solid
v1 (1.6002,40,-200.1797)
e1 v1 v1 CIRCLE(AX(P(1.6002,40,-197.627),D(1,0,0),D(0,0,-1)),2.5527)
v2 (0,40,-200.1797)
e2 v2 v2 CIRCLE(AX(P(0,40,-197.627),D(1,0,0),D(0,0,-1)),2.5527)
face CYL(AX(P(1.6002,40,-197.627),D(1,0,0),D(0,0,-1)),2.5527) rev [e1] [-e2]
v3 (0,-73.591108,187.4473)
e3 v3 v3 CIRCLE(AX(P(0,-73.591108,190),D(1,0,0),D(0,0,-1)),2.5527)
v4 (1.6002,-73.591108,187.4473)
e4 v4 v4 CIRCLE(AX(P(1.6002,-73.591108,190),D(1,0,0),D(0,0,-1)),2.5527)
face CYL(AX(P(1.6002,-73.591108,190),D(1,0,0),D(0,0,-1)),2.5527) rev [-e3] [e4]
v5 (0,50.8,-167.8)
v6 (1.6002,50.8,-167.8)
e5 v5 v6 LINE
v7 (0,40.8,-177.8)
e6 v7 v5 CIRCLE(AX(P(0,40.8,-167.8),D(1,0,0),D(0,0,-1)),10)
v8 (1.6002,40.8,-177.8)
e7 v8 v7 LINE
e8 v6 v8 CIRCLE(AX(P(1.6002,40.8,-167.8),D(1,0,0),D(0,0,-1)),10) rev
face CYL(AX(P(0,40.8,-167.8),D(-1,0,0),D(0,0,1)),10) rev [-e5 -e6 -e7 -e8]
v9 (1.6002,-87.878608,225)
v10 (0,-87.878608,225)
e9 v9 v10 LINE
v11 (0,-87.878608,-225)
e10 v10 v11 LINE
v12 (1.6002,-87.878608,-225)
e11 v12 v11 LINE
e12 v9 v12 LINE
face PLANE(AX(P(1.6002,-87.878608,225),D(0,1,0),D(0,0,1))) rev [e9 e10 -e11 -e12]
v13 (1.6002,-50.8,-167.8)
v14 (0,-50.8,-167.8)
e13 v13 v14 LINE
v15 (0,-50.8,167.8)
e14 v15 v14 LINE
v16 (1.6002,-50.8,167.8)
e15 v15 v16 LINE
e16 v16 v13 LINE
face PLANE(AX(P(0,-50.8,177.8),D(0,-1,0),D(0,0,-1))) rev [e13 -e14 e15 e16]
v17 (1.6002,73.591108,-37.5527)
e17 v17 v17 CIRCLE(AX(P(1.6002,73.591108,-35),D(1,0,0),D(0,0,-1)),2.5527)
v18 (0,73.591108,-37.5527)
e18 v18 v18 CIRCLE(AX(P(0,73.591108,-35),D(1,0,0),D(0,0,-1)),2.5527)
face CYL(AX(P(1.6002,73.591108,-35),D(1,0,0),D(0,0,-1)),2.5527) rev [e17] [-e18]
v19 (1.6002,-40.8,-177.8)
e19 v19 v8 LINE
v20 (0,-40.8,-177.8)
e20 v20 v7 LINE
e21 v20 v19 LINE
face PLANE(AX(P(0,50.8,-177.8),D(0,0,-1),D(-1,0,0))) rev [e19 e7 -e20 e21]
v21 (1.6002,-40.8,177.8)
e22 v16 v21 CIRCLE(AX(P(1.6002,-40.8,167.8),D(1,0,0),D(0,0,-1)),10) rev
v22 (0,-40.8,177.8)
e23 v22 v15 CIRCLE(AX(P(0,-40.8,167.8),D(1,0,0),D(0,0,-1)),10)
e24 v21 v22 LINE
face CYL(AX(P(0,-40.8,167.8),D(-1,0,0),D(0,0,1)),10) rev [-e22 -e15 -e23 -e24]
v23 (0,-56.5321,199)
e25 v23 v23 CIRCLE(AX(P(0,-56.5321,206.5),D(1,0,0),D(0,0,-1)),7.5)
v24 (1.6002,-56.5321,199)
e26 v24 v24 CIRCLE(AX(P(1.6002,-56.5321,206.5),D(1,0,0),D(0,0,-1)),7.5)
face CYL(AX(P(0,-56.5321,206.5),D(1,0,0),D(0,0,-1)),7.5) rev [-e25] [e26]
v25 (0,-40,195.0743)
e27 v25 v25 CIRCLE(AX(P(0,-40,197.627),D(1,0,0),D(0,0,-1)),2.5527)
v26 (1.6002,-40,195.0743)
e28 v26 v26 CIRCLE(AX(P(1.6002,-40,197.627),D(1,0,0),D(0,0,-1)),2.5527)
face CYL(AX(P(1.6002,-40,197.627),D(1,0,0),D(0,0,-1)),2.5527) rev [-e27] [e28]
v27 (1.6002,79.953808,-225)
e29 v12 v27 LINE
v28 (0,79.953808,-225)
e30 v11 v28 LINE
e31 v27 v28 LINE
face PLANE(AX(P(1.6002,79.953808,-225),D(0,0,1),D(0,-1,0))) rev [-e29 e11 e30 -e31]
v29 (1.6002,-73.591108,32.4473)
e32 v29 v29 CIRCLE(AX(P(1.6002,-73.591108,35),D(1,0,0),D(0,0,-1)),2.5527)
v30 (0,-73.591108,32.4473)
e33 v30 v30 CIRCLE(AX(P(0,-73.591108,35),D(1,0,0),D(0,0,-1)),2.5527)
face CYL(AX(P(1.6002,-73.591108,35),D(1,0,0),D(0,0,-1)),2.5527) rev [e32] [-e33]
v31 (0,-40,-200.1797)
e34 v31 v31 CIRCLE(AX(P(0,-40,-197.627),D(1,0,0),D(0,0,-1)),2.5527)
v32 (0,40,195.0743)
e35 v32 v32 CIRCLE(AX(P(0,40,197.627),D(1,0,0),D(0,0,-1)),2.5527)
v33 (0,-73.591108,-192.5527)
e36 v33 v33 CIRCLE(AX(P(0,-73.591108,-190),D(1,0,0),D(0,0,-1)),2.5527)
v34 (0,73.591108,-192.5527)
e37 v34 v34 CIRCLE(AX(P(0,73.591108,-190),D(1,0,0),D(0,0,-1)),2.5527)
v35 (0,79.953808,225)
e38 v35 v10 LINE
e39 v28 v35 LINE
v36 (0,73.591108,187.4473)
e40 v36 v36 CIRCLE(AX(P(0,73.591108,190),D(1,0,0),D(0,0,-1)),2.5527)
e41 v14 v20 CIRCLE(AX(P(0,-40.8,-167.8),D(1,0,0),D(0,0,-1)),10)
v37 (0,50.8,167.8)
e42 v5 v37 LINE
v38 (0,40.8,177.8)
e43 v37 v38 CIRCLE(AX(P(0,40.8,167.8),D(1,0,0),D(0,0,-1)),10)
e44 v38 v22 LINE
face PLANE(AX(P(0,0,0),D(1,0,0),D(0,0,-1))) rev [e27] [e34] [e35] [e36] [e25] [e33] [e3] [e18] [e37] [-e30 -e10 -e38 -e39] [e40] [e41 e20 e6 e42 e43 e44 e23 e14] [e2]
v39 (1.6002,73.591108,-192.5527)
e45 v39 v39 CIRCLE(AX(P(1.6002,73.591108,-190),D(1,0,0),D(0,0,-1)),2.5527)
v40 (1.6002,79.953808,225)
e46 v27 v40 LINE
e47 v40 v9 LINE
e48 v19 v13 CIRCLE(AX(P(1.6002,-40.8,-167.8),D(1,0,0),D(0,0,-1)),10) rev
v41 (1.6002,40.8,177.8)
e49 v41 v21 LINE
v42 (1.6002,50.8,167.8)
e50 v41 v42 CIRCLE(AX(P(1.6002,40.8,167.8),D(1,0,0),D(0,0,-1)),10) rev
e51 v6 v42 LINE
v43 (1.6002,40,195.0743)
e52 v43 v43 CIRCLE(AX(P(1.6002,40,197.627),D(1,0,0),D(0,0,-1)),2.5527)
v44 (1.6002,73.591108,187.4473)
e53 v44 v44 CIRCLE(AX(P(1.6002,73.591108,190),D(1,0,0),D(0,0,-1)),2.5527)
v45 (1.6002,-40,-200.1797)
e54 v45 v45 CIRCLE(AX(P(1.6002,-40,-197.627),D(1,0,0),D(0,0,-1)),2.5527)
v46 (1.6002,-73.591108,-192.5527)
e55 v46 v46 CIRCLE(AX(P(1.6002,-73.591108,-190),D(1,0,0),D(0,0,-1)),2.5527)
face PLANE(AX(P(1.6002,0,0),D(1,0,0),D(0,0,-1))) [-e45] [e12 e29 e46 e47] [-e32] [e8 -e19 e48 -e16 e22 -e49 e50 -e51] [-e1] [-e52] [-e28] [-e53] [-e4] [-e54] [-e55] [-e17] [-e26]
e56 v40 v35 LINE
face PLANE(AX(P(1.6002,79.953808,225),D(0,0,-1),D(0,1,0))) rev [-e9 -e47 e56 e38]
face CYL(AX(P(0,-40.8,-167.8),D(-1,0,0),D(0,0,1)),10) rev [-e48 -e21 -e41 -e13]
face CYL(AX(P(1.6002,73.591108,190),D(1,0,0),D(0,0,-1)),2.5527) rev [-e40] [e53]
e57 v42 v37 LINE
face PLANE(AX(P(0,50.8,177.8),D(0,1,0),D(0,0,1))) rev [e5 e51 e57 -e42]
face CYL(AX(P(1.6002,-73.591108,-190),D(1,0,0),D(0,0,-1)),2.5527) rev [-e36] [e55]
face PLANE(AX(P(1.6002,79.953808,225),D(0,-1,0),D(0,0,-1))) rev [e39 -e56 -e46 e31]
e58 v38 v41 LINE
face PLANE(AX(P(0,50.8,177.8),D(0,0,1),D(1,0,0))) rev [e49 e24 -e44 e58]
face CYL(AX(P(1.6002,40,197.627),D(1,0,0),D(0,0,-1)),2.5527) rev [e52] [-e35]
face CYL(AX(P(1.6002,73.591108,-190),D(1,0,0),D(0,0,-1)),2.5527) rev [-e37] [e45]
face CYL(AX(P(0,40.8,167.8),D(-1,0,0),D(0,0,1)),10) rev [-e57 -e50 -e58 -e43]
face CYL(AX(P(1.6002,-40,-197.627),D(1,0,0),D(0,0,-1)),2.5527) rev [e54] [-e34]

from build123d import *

# Parameters (mm, degrees)
SKETCH1_W                  = 450
SKETCH1_H                  = 167.8324167
BOSS_EXTRUDE1_DEPTH        = 1.6002
F_10_CLEARANCE_HOLE1_D     = 5.1054
F_10_CLEARANCE_HOLE1_DEPTH = 129.53
F_10_CLEARANCE_HOLE1_TIP   = 1.533816902
SKETCH4_R                  = 7.5
CUT_EXTRUDE1_DEPTH         = 2.6002
SKETCH5_W                  = 355.6
SKETCH5_H                  = 101.6
CUT_EXTRUDE2_DEPTH         = 2.6002
FILLET1_R                  = 10
F_10_CLEARANCE_HOLE2_D     = 5.1054
MIRROR2_COPY_1_D           = 5.1054


with BuildPart() as part:
    # Sketch1 → Boss-Extrude1 (new body)
    with BuildSketch(Plane(origin=(0, 0, 0), x_dir=(0, 0, -1), z_dir=(1, 0, 0))):
        with Locations((0, -3.9624)):
            Rectangle(SKETCH1_W, SKETCH1_H)
    extrude(amount=BOSS_EXTRUDE1_DEPTH)

    # #10 Clearance Hole1
    with Locations(Plane(origin=(1.6002, 0, 0), x_dir=(0, 0, -1), z_dir=(1, 0, 0))):
        with Locations((-190, 73.59110835), (35, 73.59110835), (-35, -73.59110835), (-190, -73.59110835), (190, 73.59110835), (190, -73.59110835)):
            Hole(F_10_CLEARANCE_HOLE1_D / 2, depth=F_10_CLEARANCE_HOLE1_DEPTH)
            with Locations((0, 0, -(F_10_CLEARANCE_HOLE1_DEPTH + F_10_CLEARANCE_HOLE1_TIP / 2))):  # 118° drill point
                Cone(0, F_10_CLEARANCE_HOLE1_D / 2, F_10_CLEARANCE_HOLE1_TIP, mode=Mode.SUBTRACT)

    # Sketch4 → Cut-Extrude1 (cut, through all)
    with BuildSketch(Plane(origin=(1.6002, 0, 0), x_dir=(0, 0, -1), z_dir=(1, 0, 0))):
        with Locations((-206.5, -56.5321)):
            Circle(SKETCH4_R)
    extrude(amount=-CUT_EXTRUDE1_DEPTH, mode=Mode.SUBTRACT)

    # Sketch5 → Cut-Extrude2 (cut, through all)
    with BuildSketch(Plane(origin=(1.6002, 0, 0), x_dir=(0, 0, -1), z_dir=(1, 0, 0))):
        Rectangle(SKETCH5_W, SKETCH5_H)
    extrude(amount=-CUT_EXTRUDE2_DEPTH, mode=Mode.SUBTRACT)

    # Fillet1
    fillet1_edges = [part.edges().sort_by_distance(p)[0] for p in [
        (0.8001, -50.8, 177.8),
        (0.8001, 50.8, 177.8),
        (0.8001, 50.8, -177.8),
        (0.8001, -50.8, -177.8),
    ]]
    fillet(fillet1_edges, radius=FILLET1_R)

    # #10 Clearance Hole2 (through all)
    with Locations(Plane(origin=(1.6002, 0, 0), x_dir=(0, 0, -1), z_dir=(1, 0, 0))):
        with Locations((197.627, 40)):
            f_10_clearance_hole2 = Hole(F_10_CLEARANCE_HOLE2_D / 2)

    # Mirror1: #10 Clearance Hole2 across plane
    add(f_10_clearance_hole2.mirror(Plane.ZX), mode=Mode.SUBTRACT)

    # Mirror2: #10 Clearance Hole2 across plane
    add(f_10_clearance_hole2.mirror(Plane.XY), mode=Mode.SUBTRACT)

    # Mirror2 copy 1 (through all)
    with Locations(Plane(origin=(1.6002, 0, 0), x_dir=(0, 0, 1), z_dir=(1, 0, 0))):
        with Locations((197.627, 40)):
            Hole(MIRROR2_COPY_1_D / 2)


solid = part.part
